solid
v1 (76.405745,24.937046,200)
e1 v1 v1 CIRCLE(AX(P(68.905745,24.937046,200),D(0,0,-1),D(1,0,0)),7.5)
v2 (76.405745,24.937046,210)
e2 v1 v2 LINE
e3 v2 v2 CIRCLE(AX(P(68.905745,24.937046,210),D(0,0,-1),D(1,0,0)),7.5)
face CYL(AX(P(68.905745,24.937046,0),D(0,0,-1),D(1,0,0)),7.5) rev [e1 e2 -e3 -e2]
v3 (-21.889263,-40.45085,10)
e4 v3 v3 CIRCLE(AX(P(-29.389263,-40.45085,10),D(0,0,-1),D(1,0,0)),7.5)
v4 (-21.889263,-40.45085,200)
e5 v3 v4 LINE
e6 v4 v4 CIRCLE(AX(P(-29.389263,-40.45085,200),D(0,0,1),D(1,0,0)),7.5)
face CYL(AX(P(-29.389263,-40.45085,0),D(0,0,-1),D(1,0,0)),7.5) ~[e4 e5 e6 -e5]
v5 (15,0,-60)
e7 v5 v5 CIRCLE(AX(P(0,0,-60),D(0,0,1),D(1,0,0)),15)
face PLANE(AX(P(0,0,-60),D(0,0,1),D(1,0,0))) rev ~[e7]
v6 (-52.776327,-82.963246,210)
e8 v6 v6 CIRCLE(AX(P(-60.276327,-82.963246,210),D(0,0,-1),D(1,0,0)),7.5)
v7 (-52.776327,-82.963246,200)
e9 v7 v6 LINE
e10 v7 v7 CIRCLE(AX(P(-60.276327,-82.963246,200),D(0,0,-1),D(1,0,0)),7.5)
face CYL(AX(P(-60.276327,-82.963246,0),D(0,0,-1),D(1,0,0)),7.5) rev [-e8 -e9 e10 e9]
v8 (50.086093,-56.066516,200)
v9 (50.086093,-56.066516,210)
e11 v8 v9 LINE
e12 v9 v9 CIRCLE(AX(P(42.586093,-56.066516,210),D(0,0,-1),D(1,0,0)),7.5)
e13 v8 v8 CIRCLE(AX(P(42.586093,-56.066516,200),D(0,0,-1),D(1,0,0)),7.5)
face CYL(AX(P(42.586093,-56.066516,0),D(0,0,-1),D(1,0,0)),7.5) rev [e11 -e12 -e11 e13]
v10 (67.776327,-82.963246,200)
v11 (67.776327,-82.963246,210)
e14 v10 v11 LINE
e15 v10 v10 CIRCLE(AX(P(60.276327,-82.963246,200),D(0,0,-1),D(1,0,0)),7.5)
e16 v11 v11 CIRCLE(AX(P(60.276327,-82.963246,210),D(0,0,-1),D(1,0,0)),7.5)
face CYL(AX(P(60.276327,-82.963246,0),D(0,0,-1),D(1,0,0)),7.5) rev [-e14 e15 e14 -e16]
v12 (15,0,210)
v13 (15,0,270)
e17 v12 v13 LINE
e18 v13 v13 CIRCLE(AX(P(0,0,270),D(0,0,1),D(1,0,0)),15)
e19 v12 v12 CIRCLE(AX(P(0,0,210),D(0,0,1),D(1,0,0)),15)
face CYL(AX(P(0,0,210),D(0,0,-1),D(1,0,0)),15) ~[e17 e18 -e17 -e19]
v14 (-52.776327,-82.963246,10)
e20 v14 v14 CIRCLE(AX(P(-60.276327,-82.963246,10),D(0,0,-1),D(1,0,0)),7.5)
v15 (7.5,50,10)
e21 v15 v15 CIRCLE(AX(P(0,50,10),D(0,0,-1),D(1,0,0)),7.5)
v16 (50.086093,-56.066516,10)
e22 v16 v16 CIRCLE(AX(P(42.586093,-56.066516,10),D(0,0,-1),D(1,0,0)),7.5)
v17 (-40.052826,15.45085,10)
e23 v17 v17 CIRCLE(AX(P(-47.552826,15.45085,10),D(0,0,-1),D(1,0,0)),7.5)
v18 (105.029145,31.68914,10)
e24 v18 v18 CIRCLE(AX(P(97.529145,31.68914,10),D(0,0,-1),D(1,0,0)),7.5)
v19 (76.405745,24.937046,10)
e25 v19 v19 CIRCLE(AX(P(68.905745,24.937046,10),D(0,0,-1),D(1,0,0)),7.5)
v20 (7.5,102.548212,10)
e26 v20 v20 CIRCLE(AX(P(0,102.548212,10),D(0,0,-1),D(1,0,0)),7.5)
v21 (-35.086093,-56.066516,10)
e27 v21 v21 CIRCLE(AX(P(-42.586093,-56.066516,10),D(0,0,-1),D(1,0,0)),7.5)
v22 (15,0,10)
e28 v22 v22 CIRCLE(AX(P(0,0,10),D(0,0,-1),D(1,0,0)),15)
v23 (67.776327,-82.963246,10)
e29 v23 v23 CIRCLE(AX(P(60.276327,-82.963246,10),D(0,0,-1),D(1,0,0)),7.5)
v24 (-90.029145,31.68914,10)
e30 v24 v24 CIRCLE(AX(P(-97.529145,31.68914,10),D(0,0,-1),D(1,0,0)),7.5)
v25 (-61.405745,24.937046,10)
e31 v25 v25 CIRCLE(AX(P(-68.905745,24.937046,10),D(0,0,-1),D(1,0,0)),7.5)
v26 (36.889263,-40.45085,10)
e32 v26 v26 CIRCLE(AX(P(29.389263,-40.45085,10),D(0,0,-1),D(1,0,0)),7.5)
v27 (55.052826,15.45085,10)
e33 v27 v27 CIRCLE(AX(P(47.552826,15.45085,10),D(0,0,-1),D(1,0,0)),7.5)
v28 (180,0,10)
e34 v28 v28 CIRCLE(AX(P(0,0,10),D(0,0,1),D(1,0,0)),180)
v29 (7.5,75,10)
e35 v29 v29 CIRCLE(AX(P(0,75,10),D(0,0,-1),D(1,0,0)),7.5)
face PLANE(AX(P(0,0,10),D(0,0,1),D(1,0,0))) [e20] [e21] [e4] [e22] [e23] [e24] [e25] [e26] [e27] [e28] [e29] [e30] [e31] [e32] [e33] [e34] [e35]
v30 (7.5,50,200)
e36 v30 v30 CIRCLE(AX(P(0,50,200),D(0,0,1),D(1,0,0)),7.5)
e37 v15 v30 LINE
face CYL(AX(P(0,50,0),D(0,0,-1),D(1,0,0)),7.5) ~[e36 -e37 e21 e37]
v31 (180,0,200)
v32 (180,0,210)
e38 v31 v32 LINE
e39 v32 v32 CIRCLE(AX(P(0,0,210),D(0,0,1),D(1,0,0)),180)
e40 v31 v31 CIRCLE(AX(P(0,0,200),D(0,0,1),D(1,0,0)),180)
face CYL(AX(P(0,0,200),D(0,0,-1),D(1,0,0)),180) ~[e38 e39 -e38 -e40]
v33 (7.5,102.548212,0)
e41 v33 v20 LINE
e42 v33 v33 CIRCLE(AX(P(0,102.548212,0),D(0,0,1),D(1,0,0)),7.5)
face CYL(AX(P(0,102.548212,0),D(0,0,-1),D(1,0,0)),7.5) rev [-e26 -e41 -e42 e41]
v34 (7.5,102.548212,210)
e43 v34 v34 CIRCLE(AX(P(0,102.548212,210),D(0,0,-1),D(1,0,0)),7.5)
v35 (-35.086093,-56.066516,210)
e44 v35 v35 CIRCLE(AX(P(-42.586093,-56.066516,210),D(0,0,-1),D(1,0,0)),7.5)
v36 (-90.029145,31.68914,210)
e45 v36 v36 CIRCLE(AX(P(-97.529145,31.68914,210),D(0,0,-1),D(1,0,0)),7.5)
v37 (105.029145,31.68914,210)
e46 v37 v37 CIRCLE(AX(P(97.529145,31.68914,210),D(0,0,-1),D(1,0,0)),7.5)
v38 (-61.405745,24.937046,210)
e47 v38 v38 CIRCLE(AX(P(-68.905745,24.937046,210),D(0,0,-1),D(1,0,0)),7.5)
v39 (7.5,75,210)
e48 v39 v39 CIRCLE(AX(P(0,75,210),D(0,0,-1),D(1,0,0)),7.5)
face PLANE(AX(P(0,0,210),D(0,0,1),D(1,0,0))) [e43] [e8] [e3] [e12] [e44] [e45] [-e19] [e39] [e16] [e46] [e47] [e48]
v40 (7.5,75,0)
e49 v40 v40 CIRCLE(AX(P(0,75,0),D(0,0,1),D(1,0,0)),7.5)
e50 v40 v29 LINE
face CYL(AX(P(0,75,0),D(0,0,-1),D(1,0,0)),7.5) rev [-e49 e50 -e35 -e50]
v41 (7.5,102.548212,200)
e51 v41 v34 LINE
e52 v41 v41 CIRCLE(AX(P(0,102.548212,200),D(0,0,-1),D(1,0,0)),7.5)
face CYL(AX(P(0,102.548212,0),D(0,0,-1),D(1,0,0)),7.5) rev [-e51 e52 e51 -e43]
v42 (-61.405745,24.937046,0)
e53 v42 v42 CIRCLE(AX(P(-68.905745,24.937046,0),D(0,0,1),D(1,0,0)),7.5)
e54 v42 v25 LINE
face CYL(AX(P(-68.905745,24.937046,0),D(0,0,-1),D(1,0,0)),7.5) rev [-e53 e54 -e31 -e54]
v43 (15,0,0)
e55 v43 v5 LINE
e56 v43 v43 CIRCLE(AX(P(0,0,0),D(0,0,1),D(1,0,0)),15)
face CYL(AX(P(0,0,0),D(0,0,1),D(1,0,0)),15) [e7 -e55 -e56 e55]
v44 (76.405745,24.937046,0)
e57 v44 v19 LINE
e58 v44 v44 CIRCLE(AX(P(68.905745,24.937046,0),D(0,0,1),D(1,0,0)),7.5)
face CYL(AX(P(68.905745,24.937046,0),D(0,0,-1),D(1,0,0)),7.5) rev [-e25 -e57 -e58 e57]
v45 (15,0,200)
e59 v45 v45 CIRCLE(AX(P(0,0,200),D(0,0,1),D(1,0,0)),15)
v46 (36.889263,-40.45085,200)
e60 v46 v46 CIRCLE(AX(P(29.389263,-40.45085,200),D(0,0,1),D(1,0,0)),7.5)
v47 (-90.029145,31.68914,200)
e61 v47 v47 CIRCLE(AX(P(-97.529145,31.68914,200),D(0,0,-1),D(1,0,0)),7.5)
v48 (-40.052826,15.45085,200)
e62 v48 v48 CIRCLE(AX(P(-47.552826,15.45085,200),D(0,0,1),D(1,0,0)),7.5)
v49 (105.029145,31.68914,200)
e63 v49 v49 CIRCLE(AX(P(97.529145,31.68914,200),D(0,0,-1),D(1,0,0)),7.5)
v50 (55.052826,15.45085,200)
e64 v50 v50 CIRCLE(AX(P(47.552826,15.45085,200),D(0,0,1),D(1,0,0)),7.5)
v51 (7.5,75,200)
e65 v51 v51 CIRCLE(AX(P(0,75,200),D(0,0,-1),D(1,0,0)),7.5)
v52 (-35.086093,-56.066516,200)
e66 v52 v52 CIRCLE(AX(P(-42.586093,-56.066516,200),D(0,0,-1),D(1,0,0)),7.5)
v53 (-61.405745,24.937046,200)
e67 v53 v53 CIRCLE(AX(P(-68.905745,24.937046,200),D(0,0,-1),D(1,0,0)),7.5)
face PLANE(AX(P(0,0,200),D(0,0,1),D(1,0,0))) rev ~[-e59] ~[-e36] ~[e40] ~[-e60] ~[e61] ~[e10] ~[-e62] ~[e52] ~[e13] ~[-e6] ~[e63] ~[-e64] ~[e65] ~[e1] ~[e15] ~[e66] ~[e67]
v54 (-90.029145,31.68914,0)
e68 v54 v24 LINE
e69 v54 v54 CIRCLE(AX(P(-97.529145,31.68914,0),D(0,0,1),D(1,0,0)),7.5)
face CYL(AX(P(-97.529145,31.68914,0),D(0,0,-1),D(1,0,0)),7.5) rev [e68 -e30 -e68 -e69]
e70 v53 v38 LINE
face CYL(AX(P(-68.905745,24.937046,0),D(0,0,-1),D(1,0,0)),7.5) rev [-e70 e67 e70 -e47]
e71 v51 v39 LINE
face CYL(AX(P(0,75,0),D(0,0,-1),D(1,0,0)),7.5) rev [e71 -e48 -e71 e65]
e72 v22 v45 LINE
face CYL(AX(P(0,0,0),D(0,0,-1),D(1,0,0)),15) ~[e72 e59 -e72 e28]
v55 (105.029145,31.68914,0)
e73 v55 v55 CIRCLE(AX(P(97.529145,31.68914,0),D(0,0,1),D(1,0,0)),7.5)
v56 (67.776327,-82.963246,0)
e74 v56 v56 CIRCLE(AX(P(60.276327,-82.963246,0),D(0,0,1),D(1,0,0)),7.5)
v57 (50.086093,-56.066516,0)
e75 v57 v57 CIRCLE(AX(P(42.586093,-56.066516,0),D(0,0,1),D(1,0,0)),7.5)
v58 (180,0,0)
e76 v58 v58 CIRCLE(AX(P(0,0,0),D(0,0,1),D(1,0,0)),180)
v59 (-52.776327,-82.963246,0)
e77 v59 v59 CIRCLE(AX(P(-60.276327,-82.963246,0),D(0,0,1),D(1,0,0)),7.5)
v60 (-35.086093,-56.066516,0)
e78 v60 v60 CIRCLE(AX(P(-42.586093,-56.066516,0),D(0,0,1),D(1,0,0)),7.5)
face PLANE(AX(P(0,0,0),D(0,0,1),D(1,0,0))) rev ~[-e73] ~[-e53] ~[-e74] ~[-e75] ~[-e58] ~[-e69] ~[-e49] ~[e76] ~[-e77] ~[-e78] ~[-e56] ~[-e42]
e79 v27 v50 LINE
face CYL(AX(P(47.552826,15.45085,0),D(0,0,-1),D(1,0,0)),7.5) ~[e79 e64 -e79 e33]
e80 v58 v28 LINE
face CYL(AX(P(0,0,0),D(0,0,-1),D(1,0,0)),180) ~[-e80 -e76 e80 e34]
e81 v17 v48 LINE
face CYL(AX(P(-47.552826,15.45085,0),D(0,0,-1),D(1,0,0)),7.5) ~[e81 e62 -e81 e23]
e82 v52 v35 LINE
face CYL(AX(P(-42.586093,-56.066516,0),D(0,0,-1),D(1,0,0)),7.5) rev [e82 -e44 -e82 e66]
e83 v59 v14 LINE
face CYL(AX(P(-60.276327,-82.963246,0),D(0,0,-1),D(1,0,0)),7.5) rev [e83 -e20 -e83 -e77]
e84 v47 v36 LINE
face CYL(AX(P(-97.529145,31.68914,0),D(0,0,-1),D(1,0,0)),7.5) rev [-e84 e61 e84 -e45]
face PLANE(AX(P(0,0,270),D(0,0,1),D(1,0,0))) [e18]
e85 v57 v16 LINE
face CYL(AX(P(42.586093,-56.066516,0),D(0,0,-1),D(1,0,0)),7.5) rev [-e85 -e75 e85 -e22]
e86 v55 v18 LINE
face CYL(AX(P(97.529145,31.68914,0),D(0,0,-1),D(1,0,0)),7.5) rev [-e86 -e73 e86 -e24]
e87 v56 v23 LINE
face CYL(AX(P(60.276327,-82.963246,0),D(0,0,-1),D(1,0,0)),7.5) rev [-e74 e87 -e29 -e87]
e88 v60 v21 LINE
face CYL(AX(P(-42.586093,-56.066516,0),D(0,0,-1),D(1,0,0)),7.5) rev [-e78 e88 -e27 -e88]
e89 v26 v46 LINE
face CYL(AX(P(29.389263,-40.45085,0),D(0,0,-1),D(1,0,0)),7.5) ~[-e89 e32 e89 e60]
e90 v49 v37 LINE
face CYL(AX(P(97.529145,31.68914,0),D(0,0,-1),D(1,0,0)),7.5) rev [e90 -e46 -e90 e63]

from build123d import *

# Parameters (mm, degrees)
F0_R      = 180
F1_DEPTH  = 10
F2_R      = 15
F2_R_2    = 7.5
F3_DEPTH  = 200
F5_R      = 180
F6_DEPTH  = 10
F7_R      = 15
F8_DEPTH  = 60
F10_R     = 15
F11_DEPTH = 60
F12_R     = 7.5
F13_DEPTH = 220


with BuildPart() as f1:
    # F0 (on Top) → F1 (new body)
    with BuildSketch(Plane.XY):
        Circle(F0_R)
    extrude(amount=F1_DEPTH)

    # F2 (on Top) → F3 (join)
    with BuildSketch(Plane.XY):
        Circle(F2_R)
        with Locations((0, 50)):
            Circle(F2_R_2)
        with Locations((-47.552826, 15.45085)):
            Circle(F2_R_2)
        with Locations((-29.389263, -40.45085)):
            Circle(F2_R_2)
        with Locations((29.389263, -40.45085)):
            Circle(F2_R_2)
        with Locations((47.552826, 15.45085)):
            Circle(F2_R_2)
    extrude(amount=F3_DEPTH)

    # F5 (on offset) → F6 (join)
    with BuildSketch(Plane.XY.offset(200)):
        Circle(F5_R)
    extrude(amount=F6_DEPTH)

    # F7 (on Top) → F8 (join)
    with BuildSketch(Plane.XY):
        Circle(F7_R)
    extrude(amount=-F8_DEPTH)

    # F10 (on offset) → F11 (join)
    with BuildSketch(Plane.XY.offset(210)):
        Circle(F10_R)
    extrude(amount=F11_DEPTH)

    # F12 (on Top) → F13 (cut)
    with BuildSketch(Plane.XY):
        with Locations((0, 75)):
            Circle(F12_R)
        with Locations((-68.905745, 24.937046)):
            Circle(F12_R)
        with Locations((-42.586093, -56.066516)):
            Circle(F12_R)
        with Locations((42.586093, -56.066516)):
            Circle(F12_R)
        with Locations((68.905745, 24.937046)):
            Circle(F12_R)
        with Locations((0, 102.548212)):
            Circle(F12_R)
        with Locations((-97.529145, 31.68914)):
            Circle(F12_R)
        with Locations((-60.276327, -82.963246)):
            Circle(F12_R)
        with Locations((60.276327, -82.963246)):
            Circle(F12_R)
        with Locations((97.529145, 31.68914)):
            Circle(F12_R)
    extrude(amount=F13_DEPTH, mode=Mode.SUBTRACT)


solid = f1.part
